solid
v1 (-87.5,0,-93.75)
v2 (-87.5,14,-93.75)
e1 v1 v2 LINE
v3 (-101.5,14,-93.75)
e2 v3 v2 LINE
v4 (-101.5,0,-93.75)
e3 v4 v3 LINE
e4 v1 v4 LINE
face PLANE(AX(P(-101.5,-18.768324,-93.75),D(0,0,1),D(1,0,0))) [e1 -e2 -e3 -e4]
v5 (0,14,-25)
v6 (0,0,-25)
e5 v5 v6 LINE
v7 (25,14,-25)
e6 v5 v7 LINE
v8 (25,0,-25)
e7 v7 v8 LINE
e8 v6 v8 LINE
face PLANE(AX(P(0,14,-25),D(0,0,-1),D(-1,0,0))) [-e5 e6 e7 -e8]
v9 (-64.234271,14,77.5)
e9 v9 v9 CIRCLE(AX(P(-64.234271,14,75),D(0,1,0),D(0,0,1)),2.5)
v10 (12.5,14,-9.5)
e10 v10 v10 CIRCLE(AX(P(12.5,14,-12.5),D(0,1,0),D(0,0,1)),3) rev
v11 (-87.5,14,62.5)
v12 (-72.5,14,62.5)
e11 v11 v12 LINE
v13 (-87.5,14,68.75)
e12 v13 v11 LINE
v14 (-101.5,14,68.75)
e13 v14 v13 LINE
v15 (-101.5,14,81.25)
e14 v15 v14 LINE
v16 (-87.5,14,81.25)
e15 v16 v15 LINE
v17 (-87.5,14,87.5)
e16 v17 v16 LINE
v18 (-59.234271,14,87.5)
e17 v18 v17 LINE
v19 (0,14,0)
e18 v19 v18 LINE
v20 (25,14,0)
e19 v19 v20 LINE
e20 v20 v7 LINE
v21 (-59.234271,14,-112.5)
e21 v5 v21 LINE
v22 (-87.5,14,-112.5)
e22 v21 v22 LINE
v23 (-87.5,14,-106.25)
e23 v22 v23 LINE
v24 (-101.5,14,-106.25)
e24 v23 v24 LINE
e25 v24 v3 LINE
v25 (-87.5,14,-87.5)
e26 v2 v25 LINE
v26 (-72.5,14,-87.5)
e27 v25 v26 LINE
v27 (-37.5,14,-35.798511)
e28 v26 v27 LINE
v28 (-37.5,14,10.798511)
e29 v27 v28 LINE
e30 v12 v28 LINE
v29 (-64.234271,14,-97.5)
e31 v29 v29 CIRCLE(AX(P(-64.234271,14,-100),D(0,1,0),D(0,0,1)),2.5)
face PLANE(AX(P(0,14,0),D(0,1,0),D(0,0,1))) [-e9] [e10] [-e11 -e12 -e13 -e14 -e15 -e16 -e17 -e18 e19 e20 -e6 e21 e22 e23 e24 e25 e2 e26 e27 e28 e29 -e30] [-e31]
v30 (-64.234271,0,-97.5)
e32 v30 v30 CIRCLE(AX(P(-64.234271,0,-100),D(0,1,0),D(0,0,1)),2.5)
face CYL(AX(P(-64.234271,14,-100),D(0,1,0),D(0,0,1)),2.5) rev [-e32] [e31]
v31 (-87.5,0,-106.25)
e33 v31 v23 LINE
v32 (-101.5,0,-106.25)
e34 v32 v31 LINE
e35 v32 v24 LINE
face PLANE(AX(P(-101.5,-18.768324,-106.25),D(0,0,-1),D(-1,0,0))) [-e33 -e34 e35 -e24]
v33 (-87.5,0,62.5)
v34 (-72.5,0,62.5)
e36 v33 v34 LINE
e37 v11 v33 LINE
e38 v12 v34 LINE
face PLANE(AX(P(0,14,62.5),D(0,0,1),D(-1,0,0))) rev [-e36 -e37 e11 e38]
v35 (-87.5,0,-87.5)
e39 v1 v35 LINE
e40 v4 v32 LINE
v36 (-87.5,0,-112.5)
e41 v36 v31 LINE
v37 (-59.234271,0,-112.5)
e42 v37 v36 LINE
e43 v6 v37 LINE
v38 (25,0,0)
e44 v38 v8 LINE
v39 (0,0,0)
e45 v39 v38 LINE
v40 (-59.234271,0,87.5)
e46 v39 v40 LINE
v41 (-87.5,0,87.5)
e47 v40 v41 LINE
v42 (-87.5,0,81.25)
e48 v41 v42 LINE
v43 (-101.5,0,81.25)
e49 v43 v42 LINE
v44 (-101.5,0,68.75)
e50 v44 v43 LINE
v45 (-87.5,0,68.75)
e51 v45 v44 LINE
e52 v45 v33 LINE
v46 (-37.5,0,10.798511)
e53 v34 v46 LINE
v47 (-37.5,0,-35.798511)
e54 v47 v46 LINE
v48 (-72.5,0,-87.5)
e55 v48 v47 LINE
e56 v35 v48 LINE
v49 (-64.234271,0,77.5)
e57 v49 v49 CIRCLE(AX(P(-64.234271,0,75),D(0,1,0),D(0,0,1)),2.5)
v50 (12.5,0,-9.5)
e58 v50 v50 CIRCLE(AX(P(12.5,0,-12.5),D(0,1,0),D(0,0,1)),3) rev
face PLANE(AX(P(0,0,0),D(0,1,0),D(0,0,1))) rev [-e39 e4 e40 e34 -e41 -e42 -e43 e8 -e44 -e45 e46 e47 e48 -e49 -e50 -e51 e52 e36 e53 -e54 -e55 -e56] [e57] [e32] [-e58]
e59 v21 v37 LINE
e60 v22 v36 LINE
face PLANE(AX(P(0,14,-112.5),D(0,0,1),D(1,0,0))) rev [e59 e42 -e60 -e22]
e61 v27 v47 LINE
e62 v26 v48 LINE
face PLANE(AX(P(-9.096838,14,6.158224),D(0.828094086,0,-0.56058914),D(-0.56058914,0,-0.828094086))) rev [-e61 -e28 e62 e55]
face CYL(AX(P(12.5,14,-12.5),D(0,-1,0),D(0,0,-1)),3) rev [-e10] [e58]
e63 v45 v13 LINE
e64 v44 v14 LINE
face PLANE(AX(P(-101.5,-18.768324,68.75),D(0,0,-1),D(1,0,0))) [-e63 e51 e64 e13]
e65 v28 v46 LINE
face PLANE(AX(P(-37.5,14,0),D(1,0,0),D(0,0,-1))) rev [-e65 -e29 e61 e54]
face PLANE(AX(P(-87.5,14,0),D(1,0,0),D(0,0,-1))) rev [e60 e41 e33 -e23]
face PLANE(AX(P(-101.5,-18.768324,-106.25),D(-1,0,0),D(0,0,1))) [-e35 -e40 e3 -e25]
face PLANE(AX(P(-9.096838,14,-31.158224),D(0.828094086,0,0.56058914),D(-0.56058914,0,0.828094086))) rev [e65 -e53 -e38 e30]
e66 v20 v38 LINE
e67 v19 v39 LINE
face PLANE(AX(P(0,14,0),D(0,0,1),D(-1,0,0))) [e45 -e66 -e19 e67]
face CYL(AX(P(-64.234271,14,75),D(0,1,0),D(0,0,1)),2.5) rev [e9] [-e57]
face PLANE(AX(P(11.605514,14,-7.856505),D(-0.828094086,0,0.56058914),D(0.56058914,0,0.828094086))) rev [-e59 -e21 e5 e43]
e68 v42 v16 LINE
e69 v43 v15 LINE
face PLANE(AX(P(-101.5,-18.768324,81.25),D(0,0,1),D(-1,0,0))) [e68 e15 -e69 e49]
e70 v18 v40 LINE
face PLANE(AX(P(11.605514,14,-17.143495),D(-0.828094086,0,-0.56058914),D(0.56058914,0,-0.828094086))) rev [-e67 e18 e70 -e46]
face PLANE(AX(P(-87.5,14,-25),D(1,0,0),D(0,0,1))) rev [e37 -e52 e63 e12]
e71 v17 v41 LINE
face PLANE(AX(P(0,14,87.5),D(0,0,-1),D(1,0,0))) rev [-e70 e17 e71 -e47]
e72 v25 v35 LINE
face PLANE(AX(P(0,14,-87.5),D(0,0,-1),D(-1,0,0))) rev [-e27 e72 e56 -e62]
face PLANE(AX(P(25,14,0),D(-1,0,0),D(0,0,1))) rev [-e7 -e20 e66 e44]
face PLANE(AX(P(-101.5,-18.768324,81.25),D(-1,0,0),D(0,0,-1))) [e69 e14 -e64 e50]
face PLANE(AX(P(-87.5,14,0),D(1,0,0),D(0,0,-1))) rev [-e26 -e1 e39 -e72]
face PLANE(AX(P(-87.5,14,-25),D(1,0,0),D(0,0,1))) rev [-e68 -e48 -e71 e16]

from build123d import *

# Parameters (mm, degrees)
BOSS_EXTRUDE1_DEPTH = 14
SKETCH2_W           = 14
SKETCH2_H           = 12.5
BOSS_EXTRUDE2_DEPTH = 14
HOLE1_D             = 5


with BuildPart() as part:
    # Sketch1 → Boss-Extrude1 (new body)
    with BuildSketch(Plane(origin=(0, 0, 0), x_dir=(1, 0, 0), z_dir=(0, 1, 0))):
        with BuildLine():
            Line((-37.5, 12.5), (9.5, 12.5))
            ThreePointArc((9.5, 12.5), (12.5, 15.5), (15.5, 12.5))
            Line((15.5, 12.5), (25, 12.5))
            Line((25, 12.5), (25, 25))
            Line((25, 25), (0, 25))
            Line((0, 25), (-59.234271291, 112.5))
            Line((-59.234271291, 112.5), (-87.5, 112.5))
            Line((-87.5, 112.5), (-87.5, 87.5))
            Line((-87.5, 87.5), (-72.5, 87.5))
            Line((-72.5, 87.5), (-37.5, 35.798511432))
            Line((-37.5, 35.798511432), (-37.5, 12.5))
        make_face()
    extrude(amount=BOSS_EXTRUDE1_DEPTH)

    # Sketch2 → Boss-Extrude2 (add)
    with BuildSketch(Plane(origin=(0, 14, 0), x_dir=(1, 0, 0), z_dir=(0, 1, 0))):
        with Locations((-94.5, 100)):
            Rectangle(SKETCH2_W, SKETCH2_H)
    extrude(amount=-BOSS_EXTRUDE2_DEPTH)

    # Mirror1: part across plane


with BuildPart() as part_1:
    add(part.part)
    add(part.part.mirror(Plane(origin=(0, 14, -12.5), x_dir=(1, 0, 0), z_dir=(0, 0, -1))))

    # Hole1 (through all)
    with Locations(Plane(origin=(0, 14, 0), x_dir=(1, 0, 0), z_dir=(0, 1, 0))):
        with Locations((-64.234271291, 100), (-64.234271291, -75)):
            Hole(HOLE1_D / 2)


solid = part_1.part
